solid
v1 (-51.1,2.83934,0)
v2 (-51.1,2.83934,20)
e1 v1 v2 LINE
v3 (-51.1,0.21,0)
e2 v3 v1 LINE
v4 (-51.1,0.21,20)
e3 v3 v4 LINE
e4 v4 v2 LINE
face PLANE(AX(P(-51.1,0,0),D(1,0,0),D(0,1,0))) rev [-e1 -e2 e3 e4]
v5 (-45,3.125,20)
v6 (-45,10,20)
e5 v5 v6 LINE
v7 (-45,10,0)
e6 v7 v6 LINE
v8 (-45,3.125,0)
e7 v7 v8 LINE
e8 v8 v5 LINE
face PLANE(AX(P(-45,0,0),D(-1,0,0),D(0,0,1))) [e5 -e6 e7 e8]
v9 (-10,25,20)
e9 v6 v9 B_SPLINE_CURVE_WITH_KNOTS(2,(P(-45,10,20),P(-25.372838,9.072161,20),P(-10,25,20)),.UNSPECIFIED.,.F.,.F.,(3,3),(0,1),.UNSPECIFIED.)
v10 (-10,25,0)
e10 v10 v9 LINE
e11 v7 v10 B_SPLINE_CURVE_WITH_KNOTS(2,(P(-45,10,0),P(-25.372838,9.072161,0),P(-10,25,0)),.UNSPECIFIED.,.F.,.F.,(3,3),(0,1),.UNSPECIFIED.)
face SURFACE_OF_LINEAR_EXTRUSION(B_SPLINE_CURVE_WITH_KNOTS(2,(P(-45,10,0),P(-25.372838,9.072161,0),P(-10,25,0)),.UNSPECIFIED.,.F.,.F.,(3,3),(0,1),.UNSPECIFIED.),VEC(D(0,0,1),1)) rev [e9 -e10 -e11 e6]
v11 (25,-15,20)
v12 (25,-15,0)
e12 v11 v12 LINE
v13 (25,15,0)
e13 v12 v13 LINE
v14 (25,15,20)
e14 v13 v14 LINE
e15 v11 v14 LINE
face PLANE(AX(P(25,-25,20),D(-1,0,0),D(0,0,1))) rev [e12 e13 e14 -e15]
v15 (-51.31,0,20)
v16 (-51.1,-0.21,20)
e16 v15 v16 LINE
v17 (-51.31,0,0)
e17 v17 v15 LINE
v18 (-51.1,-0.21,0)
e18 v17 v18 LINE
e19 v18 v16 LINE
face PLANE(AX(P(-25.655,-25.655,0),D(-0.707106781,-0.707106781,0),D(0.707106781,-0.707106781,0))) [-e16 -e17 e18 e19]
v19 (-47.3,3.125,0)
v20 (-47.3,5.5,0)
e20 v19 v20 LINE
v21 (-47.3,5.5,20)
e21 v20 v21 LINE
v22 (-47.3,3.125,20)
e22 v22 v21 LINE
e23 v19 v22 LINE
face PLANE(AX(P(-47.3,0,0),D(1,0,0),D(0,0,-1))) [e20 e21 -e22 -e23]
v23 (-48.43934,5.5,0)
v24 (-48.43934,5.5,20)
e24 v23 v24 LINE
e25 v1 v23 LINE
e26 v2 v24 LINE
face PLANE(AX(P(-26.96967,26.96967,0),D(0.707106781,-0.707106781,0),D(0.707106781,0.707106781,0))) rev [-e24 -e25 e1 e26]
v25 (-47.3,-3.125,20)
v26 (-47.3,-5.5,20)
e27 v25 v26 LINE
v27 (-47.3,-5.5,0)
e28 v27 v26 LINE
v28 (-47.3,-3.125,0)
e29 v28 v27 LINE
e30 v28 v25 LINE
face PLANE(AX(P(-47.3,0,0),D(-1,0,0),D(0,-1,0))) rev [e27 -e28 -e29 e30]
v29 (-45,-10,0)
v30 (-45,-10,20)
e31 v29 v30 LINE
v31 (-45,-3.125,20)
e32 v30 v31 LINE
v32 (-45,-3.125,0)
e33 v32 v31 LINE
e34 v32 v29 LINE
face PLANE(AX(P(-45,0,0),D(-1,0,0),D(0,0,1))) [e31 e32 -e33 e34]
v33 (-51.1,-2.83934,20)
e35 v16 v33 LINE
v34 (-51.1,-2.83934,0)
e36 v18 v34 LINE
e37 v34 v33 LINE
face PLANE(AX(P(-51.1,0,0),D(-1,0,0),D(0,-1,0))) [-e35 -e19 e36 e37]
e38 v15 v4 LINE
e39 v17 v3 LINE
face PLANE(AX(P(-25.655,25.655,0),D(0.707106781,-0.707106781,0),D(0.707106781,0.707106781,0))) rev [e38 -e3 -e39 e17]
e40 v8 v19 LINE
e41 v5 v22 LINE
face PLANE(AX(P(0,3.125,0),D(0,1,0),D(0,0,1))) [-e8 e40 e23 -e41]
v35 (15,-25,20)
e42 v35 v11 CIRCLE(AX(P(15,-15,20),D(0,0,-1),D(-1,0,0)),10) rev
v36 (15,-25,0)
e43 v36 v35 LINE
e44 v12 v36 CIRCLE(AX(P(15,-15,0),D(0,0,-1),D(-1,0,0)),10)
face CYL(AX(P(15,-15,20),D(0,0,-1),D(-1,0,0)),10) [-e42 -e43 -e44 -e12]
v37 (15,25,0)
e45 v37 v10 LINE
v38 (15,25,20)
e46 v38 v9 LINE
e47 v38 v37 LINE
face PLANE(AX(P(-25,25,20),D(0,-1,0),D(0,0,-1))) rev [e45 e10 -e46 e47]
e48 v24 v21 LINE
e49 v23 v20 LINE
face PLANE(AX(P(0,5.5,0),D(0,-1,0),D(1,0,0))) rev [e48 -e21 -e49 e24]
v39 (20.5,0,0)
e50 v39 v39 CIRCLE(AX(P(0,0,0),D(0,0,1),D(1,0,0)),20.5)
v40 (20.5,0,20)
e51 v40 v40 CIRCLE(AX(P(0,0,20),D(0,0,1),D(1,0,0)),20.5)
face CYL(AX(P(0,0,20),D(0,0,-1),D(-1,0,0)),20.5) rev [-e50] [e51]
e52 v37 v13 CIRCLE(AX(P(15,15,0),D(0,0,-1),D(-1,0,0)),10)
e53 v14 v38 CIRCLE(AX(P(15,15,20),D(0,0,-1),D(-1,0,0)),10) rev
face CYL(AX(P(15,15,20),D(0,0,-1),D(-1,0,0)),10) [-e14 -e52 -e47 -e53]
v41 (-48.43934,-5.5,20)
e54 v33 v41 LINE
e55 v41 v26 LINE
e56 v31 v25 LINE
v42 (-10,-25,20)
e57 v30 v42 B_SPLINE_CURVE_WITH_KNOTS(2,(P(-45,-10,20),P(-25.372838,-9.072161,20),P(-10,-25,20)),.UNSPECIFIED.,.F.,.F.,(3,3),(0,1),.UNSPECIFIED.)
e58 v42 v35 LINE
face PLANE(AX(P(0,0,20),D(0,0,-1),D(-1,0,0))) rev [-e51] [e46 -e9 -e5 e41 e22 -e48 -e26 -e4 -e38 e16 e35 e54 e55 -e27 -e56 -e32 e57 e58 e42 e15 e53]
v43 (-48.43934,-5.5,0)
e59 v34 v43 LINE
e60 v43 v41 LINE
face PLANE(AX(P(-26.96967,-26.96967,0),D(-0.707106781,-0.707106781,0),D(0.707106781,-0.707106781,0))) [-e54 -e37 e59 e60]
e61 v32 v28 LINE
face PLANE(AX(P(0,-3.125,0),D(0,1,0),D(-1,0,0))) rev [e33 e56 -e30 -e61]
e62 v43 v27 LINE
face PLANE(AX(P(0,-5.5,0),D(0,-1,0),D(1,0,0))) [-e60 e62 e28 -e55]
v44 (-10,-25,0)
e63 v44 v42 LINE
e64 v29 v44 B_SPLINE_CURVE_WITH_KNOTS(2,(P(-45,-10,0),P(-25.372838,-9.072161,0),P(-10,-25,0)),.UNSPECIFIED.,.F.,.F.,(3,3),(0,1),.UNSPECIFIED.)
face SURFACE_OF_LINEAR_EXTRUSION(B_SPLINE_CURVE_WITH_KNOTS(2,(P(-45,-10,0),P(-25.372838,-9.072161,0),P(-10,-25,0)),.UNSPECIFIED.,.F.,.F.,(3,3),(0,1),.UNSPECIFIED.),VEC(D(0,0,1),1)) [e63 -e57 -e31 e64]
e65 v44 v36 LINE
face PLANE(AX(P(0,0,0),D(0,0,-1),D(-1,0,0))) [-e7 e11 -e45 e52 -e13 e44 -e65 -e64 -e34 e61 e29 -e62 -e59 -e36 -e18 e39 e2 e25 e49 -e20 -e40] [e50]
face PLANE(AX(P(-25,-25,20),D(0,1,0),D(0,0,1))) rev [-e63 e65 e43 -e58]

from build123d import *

# Parameters (mm, degrees)
SKETCH1_W           = 50
SKETCH1_H           = 50
SKETCH1_R           = 20.5
BOSS_EXTRUDE1_DEPTH = 20
SKETCH2_W           = 20
SKETCH2_H           = 50
BOSS_EXTRUDE2_DEPTH = 20
CUT_EXTRUDE1_DEPTH  = 20
BOSS_EXTRUDE3_DEPTH = 20
FILLET1_R           = 10


with BuildPart() as part:
    # Sketch1 → Boss-Extrude1 (new body)
    with BuildSketch(Plane.XY):
        Rectangle(SKETCH1_W, SKETCH1_H)
        Circle(SKETCH1_R, mode=Mode.SUBTRACT)
    extrude(amount=BOSS_EXTRUDE1_DEPTH)

    # Sketch2 → Boss-Extrude2 (add)
    with BuildSketch(Plane.ZY.offset(25)):
        with Locations((10, 0)):
            Rectangle(SKETCH2_W, SKETCH2_H)
    extrude(amount=BOSS_EXTRUDE2_DEPTH)

    # Sketch3 → Cut-Extrude1 (cut)
    with BuildSketch(Plane.XY.offset(20)):
        with BuildLine():
            Line((-45, 25), (-45, 10))
            add(Edge.make_bspline(
                [(-45, 10), (-25.372837907, 9.072160547), (-10, 25)],
                knots=[0, 0, 0, 1, 1, 1], degree=2))
            Line((-10, 25), (-45, 25))
        make_face()
        with BuildLine():
            add(Edge.make_bspline(
                [(-45, -10), (-25.372837907, -9.072160547), (-10, -25)],
                knots=[0, 0, 0, 1, 1, 1], degree=2))
            Line((-45, -10), (-45, -25))
            Line((-45, -25), (-10, -25))
        make_face()
    extrude(amount=-CUT_EXTRUDE1_DEPTH, mode=Mode.SUBTRACT)

    # Sketch4 → Boss-Extrude3 (add)
    with BuildSketch(Plane.XY.offset(20)):
        Polygon((-46.455, -3.125), (-45, -3.125), (-45, 3.125), (-46.455, 3.125), (-46.8, 3.125), (-47.3, 3.125), (-47.3, 5.5), (-48.439339828, 5.5), (-51.1, 2.839339828), (-51.1, 0.21), (-51.31, 0), (-51.1, -0.21), (-51.1, -2.839339828), (-48.439339828, -5.5), (-47.3, -5.5), (-47.3, -3.125), (-46.8, -3.125), align=None)
    extrude(amount=-BOSS_EXTRUDE3_DEPTH)

    # Fillet1
    fillet1_edges = [part.edges().sort_by_distance(p)[0] for p in [
        (25, -25, 10),
        (25, 25, 10),
    ]]
    fillet(fillet1_edges, radius=FILLET1_R)


solid = part.part
